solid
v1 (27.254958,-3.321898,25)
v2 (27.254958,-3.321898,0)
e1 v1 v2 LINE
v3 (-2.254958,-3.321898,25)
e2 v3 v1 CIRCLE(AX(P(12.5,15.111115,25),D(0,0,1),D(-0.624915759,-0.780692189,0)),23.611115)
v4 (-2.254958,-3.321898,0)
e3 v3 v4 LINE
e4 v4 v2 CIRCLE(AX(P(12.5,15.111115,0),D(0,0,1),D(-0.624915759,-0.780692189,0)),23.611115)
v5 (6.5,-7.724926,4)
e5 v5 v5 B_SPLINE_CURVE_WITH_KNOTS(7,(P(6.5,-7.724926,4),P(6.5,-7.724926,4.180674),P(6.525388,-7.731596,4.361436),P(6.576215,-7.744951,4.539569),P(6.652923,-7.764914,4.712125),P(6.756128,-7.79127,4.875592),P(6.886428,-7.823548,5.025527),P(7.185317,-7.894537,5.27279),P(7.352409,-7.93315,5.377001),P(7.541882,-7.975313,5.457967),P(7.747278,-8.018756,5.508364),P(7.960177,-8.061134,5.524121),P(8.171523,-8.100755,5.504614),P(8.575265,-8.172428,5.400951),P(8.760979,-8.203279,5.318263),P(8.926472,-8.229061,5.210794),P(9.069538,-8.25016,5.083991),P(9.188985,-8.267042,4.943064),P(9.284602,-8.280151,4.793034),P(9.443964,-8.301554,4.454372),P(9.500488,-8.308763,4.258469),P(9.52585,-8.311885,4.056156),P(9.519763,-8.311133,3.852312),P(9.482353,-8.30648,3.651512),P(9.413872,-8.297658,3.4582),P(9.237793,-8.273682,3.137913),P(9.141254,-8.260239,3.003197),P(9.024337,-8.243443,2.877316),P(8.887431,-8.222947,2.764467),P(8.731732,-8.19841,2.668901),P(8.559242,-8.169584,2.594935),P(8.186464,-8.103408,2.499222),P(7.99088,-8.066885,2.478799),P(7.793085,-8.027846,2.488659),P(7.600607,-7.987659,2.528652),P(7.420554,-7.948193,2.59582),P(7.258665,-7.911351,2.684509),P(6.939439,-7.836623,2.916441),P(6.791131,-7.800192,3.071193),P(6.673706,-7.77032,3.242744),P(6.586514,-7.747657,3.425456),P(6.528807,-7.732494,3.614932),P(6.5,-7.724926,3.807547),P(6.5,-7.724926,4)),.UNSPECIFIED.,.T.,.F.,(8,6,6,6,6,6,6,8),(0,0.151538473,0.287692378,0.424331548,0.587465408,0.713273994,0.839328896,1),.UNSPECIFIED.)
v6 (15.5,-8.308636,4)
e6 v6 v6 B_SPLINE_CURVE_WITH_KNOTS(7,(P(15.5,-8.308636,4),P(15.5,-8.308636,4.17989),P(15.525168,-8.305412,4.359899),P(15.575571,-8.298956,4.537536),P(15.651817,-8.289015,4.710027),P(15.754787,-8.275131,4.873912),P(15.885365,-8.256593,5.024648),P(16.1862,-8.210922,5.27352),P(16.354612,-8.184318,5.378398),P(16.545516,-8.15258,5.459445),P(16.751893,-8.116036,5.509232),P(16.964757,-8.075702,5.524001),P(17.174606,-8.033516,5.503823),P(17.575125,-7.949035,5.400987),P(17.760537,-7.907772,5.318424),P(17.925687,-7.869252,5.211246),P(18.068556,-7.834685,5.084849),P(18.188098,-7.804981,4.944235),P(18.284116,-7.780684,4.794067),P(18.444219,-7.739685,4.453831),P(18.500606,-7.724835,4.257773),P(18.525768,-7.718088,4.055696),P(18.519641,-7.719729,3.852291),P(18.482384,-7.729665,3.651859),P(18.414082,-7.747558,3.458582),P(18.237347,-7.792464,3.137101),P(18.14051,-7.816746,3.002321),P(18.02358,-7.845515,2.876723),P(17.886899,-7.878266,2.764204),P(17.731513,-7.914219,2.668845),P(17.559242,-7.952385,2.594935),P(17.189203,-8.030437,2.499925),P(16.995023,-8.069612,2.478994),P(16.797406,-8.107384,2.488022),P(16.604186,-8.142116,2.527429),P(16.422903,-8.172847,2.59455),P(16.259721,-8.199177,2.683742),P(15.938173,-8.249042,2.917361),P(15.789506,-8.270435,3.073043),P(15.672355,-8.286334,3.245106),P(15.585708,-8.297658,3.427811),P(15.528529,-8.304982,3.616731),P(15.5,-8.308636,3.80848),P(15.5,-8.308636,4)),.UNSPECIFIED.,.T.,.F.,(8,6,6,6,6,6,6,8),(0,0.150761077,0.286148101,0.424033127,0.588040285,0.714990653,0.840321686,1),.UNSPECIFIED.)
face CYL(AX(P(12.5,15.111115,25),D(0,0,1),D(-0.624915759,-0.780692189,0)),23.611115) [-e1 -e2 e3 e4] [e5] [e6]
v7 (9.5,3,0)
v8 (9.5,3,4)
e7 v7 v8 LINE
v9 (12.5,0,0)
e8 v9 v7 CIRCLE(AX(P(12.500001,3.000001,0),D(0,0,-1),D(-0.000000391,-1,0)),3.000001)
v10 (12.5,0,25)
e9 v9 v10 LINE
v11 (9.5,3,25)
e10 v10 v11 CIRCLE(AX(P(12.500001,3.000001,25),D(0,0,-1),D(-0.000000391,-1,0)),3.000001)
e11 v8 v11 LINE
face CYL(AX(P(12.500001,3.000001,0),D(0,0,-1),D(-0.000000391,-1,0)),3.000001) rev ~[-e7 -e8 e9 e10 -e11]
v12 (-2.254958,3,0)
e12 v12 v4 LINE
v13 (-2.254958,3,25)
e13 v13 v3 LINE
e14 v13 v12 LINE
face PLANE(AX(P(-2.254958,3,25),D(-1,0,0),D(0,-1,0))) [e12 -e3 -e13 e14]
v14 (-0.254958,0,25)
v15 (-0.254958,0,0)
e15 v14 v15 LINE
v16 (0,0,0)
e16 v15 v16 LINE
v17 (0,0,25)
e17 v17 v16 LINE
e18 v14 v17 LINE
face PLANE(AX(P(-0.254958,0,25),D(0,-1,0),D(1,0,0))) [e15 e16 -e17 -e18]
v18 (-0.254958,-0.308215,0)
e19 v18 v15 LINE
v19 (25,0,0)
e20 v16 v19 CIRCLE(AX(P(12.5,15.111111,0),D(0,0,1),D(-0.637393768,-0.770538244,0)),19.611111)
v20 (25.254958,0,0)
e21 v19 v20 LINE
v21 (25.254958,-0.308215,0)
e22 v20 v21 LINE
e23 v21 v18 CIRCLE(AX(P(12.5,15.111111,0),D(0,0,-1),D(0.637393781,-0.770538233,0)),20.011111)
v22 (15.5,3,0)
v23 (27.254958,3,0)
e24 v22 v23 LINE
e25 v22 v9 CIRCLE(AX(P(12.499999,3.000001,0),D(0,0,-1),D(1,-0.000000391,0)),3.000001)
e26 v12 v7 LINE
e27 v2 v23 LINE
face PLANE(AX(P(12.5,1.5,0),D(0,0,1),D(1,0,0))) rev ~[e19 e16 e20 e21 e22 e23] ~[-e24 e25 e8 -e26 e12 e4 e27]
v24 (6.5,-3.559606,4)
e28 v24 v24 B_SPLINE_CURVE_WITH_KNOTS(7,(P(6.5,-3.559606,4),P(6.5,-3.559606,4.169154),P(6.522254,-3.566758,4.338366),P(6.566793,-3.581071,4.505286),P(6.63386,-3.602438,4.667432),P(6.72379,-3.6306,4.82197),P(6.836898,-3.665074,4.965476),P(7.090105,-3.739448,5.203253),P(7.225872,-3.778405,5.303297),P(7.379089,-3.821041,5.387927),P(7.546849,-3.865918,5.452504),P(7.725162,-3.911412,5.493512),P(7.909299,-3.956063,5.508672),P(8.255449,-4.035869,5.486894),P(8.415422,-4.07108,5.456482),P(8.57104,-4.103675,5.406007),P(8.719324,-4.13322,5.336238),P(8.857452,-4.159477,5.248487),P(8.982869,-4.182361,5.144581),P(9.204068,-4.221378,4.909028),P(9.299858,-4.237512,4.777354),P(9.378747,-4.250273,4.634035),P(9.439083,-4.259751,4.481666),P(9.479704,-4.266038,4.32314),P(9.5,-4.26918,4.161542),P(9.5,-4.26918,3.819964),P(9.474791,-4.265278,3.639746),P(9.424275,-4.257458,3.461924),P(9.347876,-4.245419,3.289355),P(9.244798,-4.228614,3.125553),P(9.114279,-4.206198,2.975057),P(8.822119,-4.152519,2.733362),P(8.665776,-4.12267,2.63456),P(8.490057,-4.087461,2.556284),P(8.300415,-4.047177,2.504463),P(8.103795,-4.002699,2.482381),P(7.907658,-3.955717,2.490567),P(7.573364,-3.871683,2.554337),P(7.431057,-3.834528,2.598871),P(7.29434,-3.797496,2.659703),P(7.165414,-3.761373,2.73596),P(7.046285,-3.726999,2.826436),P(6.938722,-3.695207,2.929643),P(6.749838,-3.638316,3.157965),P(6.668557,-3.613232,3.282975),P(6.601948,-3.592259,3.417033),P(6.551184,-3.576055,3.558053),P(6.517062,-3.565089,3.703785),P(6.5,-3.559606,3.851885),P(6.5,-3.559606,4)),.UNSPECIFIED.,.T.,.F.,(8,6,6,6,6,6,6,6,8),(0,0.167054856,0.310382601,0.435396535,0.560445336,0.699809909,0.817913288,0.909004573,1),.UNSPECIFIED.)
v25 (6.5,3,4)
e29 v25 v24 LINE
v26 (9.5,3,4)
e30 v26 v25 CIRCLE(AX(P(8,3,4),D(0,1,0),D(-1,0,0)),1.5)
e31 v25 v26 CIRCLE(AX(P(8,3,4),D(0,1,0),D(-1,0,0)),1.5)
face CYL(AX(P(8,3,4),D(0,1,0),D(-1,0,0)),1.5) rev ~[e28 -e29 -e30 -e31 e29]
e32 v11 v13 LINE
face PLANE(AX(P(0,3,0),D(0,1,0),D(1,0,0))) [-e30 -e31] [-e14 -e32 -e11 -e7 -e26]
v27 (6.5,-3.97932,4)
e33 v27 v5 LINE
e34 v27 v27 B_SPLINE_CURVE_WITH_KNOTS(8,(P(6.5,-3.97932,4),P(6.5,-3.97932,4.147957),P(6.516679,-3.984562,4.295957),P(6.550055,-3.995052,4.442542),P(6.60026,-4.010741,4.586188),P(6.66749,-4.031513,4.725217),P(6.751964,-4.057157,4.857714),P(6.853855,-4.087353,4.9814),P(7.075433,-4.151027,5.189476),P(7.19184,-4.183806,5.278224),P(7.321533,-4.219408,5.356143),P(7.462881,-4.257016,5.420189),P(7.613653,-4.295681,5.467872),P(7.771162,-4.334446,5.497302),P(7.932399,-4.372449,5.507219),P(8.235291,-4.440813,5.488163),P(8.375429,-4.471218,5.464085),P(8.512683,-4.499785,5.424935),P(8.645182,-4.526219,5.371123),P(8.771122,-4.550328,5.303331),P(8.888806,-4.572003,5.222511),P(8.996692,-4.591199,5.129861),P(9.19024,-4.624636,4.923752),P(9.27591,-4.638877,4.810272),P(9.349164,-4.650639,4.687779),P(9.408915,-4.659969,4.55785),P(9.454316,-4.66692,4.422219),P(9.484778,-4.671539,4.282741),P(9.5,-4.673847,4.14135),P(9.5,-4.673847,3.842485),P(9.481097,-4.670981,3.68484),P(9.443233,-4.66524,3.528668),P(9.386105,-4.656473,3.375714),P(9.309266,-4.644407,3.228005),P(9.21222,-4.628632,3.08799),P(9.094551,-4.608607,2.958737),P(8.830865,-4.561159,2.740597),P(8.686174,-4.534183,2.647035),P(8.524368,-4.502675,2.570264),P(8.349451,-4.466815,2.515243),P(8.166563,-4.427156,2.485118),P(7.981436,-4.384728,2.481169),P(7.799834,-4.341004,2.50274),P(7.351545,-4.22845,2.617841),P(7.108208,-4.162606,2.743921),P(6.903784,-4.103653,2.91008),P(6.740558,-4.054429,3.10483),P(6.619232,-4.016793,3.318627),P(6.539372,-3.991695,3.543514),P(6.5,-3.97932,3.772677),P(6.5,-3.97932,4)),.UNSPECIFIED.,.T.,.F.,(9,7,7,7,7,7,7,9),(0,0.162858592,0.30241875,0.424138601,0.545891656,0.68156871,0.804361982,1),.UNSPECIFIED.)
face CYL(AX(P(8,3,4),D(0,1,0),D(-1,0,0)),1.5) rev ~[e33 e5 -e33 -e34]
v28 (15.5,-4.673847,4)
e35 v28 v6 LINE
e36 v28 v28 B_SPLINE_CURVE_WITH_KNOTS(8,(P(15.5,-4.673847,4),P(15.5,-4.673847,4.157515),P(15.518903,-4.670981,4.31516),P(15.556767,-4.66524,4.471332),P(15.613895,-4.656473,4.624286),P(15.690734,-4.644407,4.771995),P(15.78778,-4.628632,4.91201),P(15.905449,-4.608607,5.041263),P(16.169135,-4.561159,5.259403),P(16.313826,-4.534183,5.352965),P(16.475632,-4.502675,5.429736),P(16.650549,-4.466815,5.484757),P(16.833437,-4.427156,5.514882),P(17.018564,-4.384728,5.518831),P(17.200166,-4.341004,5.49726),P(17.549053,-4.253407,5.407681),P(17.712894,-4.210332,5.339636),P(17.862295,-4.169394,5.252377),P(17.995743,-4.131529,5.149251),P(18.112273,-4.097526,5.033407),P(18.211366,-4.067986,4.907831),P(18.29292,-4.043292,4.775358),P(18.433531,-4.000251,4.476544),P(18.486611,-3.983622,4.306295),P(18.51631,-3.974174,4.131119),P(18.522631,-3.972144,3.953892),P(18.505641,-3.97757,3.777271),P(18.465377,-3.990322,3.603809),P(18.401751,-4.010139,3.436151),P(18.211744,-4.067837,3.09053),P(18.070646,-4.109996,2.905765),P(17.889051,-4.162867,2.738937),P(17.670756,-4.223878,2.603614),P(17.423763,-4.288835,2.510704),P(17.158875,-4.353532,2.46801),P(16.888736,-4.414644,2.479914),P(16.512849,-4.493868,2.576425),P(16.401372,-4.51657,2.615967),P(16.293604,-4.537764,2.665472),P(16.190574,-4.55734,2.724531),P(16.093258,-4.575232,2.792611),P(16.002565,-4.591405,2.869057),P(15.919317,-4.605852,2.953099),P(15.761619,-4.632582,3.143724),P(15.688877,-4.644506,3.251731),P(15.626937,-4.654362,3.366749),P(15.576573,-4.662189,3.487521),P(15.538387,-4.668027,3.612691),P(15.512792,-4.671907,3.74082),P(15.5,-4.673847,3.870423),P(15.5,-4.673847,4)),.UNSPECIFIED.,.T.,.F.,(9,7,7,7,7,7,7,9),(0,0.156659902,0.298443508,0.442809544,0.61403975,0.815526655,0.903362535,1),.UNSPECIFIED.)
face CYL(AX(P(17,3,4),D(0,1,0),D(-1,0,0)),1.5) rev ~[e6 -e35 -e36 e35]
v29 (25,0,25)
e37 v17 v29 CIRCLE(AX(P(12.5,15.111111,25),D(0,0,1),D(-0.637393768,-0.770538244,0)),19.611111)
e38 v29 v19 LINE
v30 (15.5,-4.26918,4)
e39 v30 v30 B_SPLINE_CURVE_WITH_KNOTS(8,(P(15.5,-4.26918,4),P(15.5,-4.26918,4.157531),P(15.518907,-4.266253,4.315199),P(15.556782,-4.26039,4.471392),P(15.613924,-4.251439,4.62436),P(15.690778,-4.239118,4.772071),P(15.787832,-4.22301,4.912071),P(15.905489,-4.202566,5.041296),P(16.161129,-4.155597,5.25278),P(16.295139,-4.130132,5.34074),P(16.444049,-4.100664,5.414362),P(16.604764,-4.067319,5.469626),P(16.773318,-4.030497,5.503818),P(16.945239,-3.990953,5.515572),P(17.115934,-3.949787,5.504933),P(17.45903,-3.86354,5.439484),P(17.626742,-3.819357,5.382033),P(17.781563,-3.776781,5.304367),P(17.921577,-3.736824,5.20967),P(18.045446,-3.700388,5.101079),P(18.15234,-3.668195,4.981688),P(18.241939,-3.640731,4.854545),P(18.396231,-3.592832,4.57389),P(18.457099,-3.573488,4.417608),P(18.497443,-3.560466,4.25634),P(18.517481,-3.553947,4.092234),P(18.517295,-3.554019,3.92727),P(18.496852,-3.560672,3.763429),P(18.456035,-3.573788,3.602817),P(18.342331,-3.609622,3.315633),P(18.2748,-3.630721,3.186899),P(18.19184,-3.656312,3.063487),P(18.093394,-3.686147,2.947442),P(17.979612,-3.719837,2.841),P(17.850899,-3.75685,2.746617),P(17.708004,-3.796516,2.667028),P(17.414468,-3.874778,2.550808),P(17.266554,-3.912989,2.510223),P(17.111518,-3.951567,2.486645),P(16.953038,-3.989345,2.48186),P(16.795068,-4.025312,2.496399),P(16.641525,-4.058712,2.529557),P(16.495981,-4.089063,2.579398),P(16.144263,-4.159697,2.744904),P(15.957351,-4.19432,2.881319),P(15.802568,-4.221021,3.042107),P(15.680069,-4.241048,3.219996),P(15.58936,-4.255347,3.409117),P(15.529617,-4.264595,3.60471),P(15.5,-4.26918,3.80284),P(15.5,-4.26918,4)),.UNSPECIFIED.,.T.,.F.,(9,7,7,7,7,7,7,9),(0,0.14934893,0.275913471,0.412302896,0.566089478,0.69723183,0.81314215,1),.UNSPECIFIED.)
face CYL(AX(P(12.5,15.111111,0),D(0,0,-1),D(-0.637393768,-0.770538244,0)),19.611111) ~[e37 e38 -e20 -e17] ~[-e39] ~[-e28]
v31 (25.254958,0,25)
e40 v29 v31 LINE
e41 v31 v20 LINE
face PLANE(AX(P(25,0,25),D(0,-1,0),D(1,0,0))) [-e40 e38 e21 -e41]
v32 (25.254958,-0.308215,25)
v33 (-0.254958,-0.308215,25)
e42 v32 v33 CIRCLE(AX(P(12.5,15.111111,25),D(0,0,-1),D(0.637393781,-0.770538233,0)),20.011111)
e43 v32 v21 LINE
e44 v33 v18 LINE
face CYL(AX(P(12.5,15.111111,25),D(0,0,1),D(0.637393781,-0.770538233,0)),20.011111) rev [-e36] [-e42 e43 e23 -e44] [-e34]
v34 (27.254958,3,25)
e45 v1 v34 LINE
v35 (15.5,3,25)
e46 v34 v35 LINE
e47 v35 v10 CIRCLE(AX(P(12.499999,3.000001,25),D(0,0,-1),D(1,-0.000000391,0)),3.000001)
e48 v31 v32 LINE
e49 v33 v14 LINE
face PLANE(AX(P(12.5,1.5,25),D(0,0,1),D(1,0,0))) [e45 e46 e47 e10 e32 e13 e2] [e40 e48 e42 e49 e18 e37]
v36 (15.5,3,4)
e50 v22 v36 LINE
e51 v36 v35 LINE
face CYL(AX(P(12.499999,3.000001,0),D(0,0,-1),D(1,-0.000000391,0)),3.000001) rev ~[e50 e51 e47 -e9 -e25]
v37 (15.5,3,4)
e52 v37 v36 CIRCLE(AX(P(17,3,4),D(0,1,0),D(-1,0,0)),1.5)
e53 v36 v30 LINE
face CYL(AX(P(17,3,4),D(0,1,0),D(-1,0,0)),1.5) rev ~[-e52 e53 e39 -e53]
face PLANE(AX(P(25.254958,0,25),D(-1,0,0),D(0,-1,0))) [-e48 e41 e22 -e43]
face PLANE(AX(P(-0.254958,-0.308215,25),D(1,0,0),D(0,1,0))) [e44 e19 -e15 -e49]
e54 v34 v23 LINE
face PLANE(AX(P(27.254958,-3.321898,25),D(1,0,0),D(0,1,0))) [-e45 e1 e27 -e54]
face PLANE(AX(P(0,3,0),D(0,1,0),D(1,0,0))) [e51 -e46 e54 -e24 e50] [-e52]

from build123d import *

# Parameters (mm, degrees)
F0_W     = 25
F0_H     = 3
F1_DEPTH = 25
F3_DEPTH = 25
F4_R     = 1.5
F5_DEPTH = 25
F8_DEPTH = 25


with BuildPart() as f1:
    # F0 (on Top) → F1 (new body)
    with BuildSketch(Plane.XY):
        with Locations((12.5, 1.5)):
            Rectangle(F0_W, F0_H)
        with BuildLine():
            Line((25, 0), (0, 0))
            ThreePointArc((0, 0), (12.5, -4.5), (25, 0))
        make_face()
    extrude(amount=F1_DEPTH)


with BuildPart() as f3:
    # F2 (on face) → F3 (new body)
    with BuildSketch(Plane.XY.offset(25)):
        Polygon((-2.254958, -0.308215), (-0.254958, -0.308215), (-0.254958, 0), (0, 0), (0, 3), (-2.254958, 3), align=None)
        with BuildLine():
            ThreePointArc((25.254958, -0.308215), (12.5, -4.9), (-0.254958, -0.308215))
            Line((-0.254958, -0.308215), (-2.254958, -0.308215))
            Line((-2.254958, -0.308215), (-2.254958, -3.321898))
            ThreePointArc((-2.254958, -3.321898), (12.5, -8.5), (27.254958, -3.321898))
            Line((27.254958, -3.321898), (27.254958, -0.308215))
            Line((27.254958, -0.308215), (25.254958, -0.308215))
        make_face()
        Polygon((25.254958, 0), (25.254958, -0.308215), (27.254958, -0.308215), (27.254958, 3), (25, 3), (25, 0), align=None)
    extrude(amount=-F3_DEPTH)


with BuildPart() as f5_tool:
    # F4 (on face) → F5 (new body)
    with BuildSketch(Plane(origin=(0, 3, 0), x_dir=(-1, 0, 0), z_dir=(0, 1, 0))):
        with Locations((-17, 4)):
            Circle(F4_R)
        with Locations((-8, 4)):
            Circle(F4_R)
    extrude(amount=-F5_DEPTH)


with BuildPart() as f1_1:
    add(f1.part)

    # F5: cut by f5_tool
    add(f5_tool.part, mode=Mode.SUBTRACT)


with BuildPart() as f3_1:
    add(f3.part)

    # F5: cut by f5_tool
    add(f5_tool.part, mode=Mode.SUBTRACT)

    # F6: union F1
    add(f1_1.part)

    # F7 (on face) → F8 (cut)
    with BuildSketch(Plane(origin=(0, 0, 0), x_dir=(1, 0, 0), z_dir=(0, 0, -1))):
        with BuildLine():
            Line((12.5, 0), (12.5, -3))
            Line((12.5, -3), (15.5, -3))
            ThreePointArc((15.5, -3), (14.62132, -0.87868), (12.5, 0))
        make_face()
        with BuildLine():
            Line((9.5, -3), (12.5, -3))
            Line((12.5, -3), (12.5, 0))
            ThreePointArc((12.5, 0), (10.37868, -0.87868), (9.5, -3))
        make_face()
    extrude(amount=-F8_DEPTH, mode=Mode.SUBTRACT)


solid = f3_1.part
